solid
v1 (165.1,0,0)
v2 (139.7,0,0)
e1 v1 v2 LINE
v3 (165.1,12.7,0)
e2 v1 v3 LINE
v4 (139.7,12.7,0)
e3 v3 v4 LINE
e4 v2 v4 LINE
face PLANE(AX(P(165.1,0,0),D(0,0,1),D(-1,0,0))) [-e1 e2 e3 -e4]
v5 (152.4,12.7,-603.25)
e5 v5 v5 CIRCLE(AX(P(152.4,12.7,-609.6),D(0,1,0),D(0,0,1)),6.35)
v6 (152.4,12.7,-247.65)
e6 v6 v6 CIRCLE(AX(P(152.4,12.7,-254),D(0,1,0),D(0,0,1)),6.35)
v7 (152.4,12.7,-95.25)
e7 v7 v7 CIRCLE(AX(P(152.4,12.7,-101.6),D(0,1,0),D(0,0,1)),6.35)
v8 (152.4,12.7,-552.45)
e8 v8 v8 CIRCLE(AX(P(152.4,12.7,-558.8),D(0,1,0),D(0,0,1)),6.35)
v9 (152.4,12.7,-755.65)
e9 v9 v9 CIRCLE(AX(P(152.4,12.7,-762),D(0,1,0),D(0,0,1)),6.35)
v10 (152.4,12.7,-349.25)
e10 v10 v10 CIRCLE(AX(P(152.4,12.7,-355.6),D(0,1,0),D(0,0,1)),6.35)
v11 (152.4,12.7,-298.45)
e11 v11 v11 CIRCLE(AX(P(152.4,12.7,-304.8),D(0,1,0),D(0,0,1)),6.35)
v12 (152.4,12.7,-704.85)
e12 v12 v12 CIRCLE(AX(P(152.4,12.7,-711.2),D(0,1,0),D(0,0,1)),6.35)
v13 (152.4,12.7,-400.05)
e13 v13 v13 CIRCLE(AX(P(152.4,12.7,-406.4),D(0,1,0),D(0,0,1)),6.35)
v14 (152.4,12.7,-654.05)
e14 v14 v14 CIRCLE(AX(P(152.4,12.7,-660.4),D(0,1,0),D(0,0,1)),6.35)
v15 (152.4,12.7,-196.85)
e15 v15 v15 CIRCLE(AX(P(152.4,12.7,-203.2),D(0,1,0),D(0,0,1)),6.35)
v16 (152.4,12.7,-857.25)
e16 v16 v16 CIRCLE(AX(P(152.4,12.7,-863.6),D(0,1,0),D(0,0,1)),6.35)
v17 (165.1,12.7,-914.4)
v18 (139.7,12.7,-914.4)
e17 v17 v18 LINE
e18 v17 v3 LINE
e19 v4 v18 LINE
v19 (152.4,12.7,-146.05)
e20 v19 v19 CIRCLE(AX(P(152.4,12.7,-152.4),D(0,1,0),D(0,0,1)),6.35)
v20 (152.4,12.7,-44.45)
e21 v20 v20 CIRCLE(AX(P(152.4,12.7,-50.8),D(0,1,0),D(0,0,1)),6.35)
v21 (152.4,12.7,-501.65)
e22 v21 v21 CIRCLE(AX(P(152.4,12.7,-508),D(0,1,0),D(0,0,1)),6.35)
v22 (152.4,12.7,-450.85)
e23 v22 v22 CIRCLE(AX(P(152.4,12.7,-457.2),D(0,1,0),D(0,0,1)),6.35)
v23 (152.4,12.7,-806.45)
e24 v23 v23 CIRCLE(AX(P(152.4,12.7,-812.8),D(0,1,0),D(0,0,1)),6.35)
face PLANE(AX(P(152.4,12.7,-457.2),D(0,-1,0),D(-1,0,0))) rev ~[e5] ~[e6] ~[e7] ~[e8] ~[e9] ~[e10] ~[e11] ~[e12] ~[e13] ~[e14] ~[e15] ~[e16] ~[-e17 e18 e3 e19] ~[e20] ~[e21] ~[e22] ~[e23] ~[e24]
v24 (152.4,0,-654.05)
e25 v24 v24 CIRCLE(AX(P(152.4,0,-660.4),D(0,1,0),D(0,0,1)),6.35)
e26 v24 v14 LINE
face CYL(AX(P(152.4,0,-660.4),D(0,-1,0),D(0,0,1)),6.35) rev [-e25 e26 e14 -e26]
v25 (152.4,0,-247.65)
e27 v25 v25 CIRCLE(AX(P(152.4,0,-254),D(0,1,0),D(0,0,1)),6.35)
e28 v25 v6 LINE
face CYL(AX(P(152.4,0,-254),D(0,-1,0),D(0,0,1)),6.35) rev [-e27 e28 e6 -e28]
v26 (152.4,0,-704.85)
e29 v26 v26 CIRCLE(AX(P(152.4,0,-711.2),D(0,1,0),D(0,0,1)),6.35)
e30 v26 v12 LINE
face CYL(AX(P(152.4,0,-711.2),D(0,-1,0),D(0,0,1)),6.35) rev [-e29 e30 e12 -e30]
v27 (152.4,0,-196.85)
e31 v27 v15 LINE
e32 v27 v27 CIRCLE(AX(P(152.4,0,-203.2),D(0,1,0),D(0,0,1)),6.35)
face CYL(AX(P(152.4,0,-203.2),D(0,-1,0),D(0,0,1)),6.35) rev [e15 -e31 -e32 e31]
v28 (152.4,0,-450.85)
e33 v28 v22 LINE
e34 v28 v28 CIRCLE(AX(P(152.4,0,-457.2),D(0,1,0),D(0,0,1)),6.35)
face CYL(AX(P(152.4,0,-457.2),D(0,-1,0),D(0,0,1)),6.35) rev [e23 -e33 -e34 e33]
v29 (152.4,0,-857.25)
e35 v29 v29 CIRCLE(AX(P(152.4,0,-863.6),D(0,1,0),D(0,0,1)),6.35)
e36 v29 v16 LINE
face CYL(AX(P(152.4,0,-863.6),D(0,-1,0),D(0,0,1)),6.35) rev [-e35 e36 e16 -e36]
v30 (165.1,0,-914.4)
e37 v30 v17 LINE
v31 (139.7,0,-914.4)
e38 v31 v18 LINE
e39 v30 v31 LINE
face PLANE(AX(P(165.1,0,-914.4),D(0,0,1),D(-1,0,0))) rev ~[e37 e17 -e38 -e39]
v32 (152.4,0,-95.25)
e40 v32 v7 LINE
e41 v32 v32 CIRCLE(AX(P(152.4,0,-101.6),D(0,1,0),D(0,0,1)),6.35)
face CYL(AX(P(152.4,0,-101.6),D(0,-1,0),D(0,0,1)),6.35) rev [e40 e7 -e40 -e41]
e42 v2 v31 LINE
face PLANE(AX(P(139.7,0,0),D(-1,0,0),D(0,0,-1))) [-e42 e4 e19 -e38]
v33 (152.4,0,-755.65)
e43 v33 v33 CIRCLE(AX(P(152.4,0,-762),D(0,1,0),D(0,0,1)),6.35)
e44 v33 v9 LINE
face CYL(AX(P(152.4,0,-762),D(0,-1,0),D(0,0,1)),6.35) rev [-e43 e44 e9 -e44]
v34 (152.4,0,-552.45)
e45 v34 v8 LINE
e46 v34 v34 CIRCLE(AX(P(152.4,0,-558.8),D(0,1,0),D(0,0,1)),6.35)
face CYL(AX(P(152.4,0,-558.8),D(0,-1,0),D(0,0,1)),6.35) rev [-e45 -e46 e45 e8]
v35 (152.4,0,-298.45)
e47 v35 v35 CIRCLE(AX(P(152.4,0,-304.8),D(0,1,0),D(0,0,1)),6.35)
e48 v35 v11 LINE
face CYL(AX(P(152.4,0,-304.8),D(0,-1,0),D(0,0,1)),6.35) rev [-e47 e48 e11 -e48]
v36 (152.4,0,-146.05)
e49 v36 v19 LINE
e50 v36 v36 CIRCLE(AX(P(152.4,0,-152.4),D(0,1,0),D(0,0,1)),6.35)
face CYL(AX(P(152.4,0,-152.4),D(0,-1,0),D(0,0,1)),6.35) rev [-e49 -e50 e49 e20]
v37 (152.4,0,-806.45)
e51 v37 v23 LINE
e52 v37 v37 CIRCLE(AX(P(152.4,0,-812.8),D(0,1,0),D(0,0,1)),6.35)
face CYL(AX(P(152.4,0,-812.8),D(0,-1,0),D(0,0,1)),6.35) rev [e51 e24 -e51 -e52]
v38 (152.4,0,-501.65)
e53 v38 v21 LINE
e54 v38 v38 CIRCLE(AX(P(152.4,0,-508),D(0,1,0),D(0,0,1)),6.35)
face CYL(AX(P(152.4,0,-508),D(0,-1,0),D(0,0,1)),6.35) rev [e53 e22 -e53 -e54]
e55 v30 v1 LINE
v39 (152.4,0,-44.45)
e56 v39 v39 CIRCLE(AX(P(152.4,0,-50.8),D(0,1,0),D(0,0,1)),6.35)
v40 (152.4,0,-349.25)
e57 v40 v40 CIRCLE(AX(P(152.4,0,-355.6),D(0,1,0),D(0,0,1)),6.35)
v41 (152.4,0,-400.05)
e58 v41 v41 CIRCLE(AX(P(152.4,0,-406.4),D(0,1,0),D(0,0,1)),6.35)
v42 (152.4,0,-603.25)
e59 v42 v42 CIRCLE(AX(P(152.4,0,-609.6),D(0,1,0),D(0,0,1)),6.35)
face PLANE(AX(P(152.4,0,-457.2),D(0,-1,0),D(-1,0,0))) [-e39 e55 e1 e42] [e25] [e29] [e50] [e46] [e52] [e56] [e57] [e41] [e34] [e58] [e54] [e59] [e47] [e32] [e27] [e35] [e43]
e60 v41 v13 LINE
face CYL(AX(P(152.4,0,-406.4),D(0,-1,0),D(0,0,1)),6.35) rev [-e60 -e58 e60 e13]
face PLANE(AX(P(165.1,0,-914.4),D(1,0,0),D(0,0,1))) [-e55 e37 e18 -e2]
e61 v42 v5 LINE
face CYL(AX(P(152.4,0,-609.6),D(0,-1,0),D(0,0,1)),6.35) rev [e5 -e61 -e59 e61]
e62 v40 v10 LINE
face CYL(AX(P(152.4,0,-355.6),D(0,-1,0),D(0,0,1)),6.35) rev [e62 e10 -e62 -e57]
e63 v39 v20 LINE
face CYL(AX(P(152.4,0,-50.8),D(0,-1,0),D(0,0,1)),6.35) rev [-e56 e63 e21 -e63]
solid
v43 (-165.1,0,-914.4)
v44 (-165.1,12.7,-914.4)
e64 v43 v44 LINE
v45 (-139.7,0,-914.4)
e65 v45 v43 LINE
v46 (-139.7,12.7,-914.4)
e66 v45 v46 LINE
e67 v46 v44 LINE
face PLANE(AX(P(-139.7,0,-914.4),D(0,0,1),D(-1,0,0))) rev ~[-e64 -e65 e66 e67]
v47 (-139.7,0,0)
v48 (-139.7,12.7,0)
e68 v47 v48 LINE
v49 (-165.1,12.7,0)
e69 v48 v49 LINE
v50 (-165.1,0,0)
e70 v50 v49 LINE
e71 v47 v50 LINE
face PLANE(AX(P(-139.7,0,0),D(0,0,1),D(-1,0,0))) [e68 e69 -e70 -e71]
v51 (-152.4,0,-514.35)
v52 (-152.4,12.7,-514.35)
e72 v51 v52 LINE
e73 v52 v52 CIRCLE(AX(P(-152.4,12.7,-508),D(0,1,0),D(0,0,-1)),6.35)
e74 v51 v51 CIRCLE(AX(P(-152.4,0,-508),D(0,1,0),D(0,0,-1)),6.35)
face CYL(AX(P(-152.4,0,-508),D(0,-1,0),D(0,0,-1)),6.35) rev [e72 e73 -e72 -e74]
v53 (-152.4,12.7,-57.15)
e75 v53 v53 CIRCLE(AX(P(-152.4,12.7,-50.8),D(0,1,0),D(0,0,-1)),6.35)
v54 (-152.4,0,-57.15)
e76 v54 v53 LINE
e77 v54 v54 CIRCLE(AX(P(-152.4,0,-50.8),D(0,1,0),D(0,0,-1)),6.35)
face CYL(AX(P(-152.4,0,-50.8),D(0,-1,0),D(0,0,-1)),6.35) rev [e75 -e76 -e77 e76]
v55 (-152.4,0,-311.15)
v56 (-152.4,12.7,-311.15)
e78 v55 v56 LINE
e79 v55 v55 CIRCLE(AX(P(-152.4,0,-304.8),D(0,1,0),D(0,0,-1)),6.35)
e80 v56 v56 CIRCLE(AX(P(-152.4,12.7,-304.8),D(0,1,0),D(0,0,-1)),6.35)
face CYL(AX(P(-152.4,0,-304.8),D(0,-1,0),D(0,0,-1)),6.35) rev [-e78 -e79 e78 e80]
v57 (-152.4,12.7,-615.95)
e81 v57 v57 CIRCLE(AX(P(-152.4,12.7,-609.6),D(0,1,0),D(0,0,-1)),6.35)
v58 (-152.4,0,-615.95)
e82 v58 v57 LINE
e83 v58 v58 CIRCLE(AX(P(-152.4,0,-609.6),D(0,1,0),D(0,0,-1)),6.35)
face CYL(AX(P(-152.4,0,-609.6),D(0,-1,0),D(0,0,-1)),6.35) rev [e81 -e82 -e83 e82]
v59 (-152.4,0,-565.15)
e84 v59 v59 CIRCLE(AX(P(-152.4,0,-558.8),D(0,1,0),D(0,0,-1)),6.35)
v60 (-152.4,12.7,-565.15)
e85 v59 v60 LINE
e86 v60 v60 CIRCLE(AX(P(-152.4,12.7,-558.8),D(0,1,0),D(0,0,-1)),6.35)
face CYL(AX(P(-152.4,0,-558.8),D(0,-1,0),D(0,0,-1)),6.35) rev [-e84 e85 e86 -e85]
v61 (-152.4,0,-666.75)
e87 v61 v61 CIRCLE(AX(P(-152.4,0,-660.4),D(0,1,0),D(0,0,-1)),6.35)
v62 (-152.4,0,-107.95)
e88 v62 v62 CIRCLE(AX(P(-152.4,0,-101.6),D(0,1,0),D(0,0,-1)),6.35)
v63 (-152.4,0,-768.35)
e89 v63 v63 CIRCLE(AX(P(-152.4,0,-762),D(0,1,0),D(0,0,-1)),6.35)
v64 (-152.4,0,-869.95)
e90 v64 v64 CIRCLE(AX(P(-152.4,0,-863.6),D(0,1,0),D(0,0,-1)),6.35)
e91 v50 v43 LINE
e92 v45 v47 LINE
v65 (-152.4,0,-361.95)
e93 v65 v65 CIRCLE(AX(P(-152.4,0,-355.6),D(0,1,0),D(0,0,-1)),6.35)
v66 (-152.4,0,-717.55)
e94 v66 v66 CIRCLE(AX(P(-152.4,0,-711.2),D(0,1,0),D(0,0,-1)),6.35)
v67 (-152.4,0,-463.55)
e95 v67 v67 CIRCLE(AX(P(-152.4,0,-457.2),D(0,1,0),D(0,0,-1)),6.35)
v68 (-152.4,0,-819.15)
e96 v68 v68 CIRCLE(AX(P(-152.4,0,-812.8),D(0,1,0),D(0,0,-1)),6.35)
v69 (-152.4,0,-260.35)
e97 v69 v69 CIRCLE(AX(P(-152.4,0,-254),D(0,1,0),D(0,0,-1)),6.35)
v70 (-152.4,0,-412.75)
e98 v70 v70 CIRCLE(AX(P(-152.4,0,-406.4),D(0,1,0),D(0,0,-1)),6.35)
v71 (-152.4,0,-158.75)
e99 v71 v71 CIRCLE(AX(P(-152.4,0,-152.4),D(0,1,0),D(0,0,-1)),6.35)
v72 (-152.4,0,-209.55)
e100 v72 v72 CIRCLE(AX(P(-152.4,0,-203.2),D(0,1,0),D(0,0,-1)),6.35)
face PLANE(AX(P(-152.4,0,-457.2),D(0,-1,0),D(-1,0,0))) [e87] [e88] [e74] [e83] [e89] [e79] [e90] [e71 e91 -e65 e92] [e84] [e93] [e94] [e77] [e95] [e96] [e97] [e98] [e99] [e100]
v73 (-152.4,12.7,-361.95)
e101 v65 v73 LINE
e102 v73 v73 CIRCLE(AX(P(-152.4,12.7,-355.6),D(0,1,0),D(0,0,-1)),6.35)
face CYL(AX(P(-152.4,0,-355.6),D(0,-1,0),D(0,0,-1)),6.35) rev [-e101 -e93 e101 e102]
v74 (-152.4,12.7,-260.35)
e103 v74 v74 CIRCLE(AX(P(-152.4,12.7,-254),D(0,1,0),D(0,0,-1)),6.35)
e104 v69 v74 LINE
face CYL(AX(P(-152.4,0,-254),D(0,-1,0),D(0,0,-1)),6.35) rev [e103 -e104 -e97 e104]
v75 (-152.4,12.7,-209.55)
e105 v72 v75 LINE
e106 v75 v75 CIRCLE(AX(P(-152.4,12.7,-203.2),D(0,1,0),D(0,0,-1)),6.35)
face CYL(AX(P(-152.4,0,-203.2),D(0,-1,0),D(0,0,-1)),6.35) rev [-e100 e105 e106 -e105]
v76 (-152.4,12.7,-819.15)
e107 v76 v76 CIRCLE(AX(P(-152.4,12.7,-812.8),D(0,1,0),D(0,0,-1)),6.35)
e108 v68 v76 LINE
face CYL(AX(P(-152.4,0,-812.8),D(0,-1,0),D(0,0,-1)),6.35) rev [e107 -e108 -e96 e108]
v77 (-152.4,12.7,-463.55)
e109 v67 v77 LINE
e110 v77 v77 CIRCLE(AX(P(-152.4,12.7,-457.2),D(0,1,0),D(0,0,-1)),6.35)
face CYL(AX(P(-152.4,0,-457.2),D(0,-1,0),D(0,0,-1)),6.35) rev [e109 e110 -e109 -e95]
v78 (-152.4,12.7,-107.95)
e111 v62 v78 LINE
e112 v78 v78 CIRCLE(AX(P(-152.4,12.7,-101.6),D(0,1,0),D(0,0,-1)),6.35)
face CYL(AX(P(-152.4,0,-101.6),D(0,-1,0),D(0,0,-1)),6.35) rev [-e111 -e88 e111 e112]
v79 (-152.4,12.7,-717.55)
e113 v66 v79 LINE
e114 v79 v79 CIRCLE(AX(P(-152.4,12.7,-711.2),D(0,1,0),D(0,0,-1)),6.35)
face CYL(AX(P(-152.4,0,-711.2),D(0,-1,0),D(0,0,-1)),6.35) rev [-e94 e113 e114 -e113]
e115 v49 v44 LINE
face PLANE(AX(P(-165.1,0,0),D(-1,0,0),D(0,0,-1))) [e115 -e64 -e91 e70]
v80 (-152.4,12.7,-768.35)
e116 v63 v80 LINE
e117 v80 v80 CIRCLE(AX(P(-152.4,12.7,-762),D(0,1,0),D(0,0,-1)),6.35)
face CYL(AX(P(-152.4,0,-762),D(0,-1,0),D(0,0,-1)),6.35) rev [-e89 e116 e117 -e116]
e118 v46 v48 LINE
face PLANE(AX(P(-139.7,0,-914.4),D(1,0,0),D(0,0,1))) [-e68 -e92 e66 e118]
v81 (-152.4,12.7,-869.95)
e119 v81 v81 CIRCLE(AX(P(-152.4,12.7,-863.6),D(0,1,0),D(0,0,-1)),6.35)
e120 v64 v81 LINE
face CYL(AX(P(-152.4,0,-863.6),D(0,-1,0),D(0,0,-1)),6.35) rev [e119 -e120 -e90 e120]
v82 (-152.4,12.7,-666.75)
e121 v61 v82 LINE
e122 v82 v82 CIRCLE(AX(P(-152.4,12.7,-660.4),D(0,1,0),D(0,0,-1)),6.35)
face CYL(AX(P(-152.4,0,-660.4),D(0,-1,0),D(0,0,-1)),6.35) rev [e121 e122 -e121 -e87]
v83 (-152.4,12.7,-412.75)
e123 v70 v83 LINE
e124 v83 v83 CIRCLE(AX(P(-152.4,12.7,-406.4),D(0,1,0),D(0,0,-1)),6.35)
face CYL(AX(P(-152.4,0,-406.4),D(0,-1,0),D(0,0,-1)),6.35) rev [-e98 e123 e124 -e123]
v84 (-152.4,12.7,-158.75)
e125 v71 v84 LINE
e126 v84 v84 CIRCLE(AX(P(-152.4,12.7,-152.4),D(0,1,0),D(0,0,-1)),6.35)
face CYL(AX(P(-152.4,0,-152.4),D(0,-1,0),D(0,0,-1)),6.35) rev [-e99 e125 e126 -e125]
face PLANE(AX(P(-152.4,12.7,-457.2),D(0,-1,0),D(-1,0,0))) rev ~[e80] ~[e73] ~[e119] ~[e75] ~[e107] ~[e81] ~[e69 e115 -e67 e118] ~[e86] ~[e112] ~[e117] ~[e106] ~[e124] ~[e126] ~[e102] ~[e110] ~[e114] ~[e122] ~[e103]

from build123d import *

# Parameters (mm, degrees)
SKETCH1_R             = 6.35
BOSS_EXTRUDE1_DEPTH   = 12.7
BOSS_EXTRUDE1_2_DEPTH = 12.7


with BuildPart() as part:
    # Sketch1 → Boss-Extrude1 (new body)
    with BuildSketch(Plane(origin=(0, 0, 0), x_dir=(1, 0, 0), z_dir=(0, 1, 0))):
        Polygon((152.4, 914.4), (165.1, 914.4), (165.1, 0), (139.7, 0), (139.7, 914.4), align=None)
        with Locations(Location((152.4, 50.8, 0), (0, 0, 270))):
            Circle(SKETCH1_R, mode=Mode.SUBTRACT)
        with Locations(Location((152.4, 101.6, 0), (0, 0, 270))):
            Circle(SKETCH1_R, mode=Mode.SUBTRACT)
        with Locations(Location((152.4, 152.4, 0), (0, 0, 270))):
            Circle(SKETCH1_R, mode=Mode.SUBTRACT)
        with Locations(Location((152.4, 203.2, 0), (0, 0, 270))):
            Circle(SKETCH1_R, mode=Mode.SUBTRACT)
        with Locations(Location((152.4, 254, 0), (0, 0, 270))):
            Circle(SKETCH1_R, mode=Mode.SUBTRACT)
        with Locations(Location((152.4, 304.8, 0), (0, 0, 270))):
            Circle(SKETCH1_R, mode=Mode.SUBTRACT)
        with Locations(Location((152.4, 355.6, 0), (0, 0, 270))):
            Circle(SKETCH1_R, mode=Mode.SUBTRACT)
        with Locations(Location((152.4, 406.4, 0), (0, 0, 270))):
            Circle(SKETCH1_R, mode=Mode.SUBTRACT)
        with Locations(Location((152.4, 457.2, 0), (0, 0, 270))):
            Circle(SKETCH1_R, mode=Mode.SUBTRACT)
        with Locations(Location((152.4, 508, 0), (0, 0, 270))):
            Circle(SKETCH1_R, mode=Mode.SUBTRACT)
        with Locations(Location((152.4, 558.8, 0), (0, 0, 270))):
            Circle(SKETCH1_R, mode=Mode.SUBTRACT)
        with Locations(Location((152.4, 609.6, 0), (0, 0, 270))):
            Circle(SKETCH1_R, mode=Mode.SUBTRACT)
        with Locations(Location((152.4, 660.4, 0), (0, 0, 270))):
            Circle(SKETCH1_R, mode=Mode.SUBTRACT)
        with Locations(Location((152.4, 711.2, 0), (0, 0, 270))):
            Circle(SKETCH1_R, mode=Mode.SUBTRACT)
        with Locations(Location((152.4, 762, 0), (0, 0, 270))):
            Circle(SKETCH1_R, mode=Mode.SUBTRACT)
        with Locations(Location((152.4, 812.8, 0), (0, 0, 270))):
            Circle(SKETCH1_R, mode=Mode.SUBTRACT)
        with Locations(Location((152.4, 863.6, 0), (0, 0, 270))):
            Circle(SKETCH1_R, mode=Mode.SUBTRACT)
    extrude(amount=BOSS_EXTRUDE1_DEPTH)


with BuildPart() as body_2:
    # Sketch1 → Boss-Extrude1 2 (new body)
    with BuildSketch(Plane(origin=(0, 0, 0), x_dir=(1, 0, 0), z_dir=(0, 1, 0))):
        Polygon((-165.1, 0), (-165.1, 914.4), (-152.4, 914.4), (-139.7, 914.4), (-139.7, 0), align=None)
        with Locations(Location((-152.4, 863.6, 0), (0, 0, 90))):
            Circle(SKETCH1_R, mode=Mode.SUBTRACT)
        with Locations(Location((-152.4, 812.8, 0), (0, 0, 90))):
            Circle(SKETCH1_R, mode=Mode.SUBTRACT)
        with Locations(Location((-152.4, 762, 0), (0, 0, 90))):
            Circle(SKETCH1_R, mode=Mode.SUBTRACT)
        with Locations(Location((-152.4, 711.2, 0), (0, 0, 90))):
            Circle(SKETCH1_R, mode=Mode.SUBTRACT)
        with Locations(Location((-152.4, 660.4, 0), (0, 0, 90))):
            Circle(SKETCH1_R, mode=Mode.SUBTRACT)
        with Locations(Location((-152.4, 609.6, 0), (0, 0, 90))):
            Circle(SKETCH1_R, mode=Mode.SUBTRACT)
        with Locations(Location((-152.4, 558.8, 0), (0, 0, 90))):
            Circle(SKETCH1_R, mode=Mode.SUBTRACT)
        with Locations(Location((-152.4, 508, 0), (0, 0, 90))):
            Circle(SKETCH1_R, mode=Mode.SUBTRACT)
        with Locations(Location((-152.4, 457.2, 0), (0, 0, 90))):
            Circle(SKETCH1_R, mode=Mode.SUBTRACT)
        with Locations(Location((-152.4, 406.4, 0), (0, 0, 90))):
            Circle(SKETCH1_R, mode=Mode.SUBTRACT)
        with Locations(Location((-152.4, 355.6, 0), (0, 0, 90))):
            Circle(SKETCH1_R, mode=Mode.SUBTRACT)
        with Locations(Location((-152.4, 304.8, 0), (0, 0, 90))):
            Circle(SKETCH1_R, mode=Mode.SUBTRACT)
        with Locations(Location((-152.4, 254, 0), (0, 0, 90))):
            Circle(SKETCH1_R, mode=Mode.SUBTRACT)
        with Locations(Location((-152.4, 203.2, 0), (0, 0, 90))):
            Circle(SKETCH1_R, mode=Mode.SUBTRACT)
        with Locations(Location((-152.4, 152.4, 0), (0, 0, 90))):
            Circle(SKETCH1_R, mode=Mode.SUBTRACT)
        with Locations(Location((-152.4, 101.6, 0), (0, 0, 90))):
            Circle(SKETCH1_R, mode=Mode.SUBTRACT)
        with Locations(Location((-152.4, 50.8, 0), (0, 0, 90))):
            Circle(SKETCH1_R, mode=Mode.SUBTRACT)
    extrude(amount=BOSS_EXTRUDE1_2_DEPTH)


solid = Compound([part.part, body_2.part])
